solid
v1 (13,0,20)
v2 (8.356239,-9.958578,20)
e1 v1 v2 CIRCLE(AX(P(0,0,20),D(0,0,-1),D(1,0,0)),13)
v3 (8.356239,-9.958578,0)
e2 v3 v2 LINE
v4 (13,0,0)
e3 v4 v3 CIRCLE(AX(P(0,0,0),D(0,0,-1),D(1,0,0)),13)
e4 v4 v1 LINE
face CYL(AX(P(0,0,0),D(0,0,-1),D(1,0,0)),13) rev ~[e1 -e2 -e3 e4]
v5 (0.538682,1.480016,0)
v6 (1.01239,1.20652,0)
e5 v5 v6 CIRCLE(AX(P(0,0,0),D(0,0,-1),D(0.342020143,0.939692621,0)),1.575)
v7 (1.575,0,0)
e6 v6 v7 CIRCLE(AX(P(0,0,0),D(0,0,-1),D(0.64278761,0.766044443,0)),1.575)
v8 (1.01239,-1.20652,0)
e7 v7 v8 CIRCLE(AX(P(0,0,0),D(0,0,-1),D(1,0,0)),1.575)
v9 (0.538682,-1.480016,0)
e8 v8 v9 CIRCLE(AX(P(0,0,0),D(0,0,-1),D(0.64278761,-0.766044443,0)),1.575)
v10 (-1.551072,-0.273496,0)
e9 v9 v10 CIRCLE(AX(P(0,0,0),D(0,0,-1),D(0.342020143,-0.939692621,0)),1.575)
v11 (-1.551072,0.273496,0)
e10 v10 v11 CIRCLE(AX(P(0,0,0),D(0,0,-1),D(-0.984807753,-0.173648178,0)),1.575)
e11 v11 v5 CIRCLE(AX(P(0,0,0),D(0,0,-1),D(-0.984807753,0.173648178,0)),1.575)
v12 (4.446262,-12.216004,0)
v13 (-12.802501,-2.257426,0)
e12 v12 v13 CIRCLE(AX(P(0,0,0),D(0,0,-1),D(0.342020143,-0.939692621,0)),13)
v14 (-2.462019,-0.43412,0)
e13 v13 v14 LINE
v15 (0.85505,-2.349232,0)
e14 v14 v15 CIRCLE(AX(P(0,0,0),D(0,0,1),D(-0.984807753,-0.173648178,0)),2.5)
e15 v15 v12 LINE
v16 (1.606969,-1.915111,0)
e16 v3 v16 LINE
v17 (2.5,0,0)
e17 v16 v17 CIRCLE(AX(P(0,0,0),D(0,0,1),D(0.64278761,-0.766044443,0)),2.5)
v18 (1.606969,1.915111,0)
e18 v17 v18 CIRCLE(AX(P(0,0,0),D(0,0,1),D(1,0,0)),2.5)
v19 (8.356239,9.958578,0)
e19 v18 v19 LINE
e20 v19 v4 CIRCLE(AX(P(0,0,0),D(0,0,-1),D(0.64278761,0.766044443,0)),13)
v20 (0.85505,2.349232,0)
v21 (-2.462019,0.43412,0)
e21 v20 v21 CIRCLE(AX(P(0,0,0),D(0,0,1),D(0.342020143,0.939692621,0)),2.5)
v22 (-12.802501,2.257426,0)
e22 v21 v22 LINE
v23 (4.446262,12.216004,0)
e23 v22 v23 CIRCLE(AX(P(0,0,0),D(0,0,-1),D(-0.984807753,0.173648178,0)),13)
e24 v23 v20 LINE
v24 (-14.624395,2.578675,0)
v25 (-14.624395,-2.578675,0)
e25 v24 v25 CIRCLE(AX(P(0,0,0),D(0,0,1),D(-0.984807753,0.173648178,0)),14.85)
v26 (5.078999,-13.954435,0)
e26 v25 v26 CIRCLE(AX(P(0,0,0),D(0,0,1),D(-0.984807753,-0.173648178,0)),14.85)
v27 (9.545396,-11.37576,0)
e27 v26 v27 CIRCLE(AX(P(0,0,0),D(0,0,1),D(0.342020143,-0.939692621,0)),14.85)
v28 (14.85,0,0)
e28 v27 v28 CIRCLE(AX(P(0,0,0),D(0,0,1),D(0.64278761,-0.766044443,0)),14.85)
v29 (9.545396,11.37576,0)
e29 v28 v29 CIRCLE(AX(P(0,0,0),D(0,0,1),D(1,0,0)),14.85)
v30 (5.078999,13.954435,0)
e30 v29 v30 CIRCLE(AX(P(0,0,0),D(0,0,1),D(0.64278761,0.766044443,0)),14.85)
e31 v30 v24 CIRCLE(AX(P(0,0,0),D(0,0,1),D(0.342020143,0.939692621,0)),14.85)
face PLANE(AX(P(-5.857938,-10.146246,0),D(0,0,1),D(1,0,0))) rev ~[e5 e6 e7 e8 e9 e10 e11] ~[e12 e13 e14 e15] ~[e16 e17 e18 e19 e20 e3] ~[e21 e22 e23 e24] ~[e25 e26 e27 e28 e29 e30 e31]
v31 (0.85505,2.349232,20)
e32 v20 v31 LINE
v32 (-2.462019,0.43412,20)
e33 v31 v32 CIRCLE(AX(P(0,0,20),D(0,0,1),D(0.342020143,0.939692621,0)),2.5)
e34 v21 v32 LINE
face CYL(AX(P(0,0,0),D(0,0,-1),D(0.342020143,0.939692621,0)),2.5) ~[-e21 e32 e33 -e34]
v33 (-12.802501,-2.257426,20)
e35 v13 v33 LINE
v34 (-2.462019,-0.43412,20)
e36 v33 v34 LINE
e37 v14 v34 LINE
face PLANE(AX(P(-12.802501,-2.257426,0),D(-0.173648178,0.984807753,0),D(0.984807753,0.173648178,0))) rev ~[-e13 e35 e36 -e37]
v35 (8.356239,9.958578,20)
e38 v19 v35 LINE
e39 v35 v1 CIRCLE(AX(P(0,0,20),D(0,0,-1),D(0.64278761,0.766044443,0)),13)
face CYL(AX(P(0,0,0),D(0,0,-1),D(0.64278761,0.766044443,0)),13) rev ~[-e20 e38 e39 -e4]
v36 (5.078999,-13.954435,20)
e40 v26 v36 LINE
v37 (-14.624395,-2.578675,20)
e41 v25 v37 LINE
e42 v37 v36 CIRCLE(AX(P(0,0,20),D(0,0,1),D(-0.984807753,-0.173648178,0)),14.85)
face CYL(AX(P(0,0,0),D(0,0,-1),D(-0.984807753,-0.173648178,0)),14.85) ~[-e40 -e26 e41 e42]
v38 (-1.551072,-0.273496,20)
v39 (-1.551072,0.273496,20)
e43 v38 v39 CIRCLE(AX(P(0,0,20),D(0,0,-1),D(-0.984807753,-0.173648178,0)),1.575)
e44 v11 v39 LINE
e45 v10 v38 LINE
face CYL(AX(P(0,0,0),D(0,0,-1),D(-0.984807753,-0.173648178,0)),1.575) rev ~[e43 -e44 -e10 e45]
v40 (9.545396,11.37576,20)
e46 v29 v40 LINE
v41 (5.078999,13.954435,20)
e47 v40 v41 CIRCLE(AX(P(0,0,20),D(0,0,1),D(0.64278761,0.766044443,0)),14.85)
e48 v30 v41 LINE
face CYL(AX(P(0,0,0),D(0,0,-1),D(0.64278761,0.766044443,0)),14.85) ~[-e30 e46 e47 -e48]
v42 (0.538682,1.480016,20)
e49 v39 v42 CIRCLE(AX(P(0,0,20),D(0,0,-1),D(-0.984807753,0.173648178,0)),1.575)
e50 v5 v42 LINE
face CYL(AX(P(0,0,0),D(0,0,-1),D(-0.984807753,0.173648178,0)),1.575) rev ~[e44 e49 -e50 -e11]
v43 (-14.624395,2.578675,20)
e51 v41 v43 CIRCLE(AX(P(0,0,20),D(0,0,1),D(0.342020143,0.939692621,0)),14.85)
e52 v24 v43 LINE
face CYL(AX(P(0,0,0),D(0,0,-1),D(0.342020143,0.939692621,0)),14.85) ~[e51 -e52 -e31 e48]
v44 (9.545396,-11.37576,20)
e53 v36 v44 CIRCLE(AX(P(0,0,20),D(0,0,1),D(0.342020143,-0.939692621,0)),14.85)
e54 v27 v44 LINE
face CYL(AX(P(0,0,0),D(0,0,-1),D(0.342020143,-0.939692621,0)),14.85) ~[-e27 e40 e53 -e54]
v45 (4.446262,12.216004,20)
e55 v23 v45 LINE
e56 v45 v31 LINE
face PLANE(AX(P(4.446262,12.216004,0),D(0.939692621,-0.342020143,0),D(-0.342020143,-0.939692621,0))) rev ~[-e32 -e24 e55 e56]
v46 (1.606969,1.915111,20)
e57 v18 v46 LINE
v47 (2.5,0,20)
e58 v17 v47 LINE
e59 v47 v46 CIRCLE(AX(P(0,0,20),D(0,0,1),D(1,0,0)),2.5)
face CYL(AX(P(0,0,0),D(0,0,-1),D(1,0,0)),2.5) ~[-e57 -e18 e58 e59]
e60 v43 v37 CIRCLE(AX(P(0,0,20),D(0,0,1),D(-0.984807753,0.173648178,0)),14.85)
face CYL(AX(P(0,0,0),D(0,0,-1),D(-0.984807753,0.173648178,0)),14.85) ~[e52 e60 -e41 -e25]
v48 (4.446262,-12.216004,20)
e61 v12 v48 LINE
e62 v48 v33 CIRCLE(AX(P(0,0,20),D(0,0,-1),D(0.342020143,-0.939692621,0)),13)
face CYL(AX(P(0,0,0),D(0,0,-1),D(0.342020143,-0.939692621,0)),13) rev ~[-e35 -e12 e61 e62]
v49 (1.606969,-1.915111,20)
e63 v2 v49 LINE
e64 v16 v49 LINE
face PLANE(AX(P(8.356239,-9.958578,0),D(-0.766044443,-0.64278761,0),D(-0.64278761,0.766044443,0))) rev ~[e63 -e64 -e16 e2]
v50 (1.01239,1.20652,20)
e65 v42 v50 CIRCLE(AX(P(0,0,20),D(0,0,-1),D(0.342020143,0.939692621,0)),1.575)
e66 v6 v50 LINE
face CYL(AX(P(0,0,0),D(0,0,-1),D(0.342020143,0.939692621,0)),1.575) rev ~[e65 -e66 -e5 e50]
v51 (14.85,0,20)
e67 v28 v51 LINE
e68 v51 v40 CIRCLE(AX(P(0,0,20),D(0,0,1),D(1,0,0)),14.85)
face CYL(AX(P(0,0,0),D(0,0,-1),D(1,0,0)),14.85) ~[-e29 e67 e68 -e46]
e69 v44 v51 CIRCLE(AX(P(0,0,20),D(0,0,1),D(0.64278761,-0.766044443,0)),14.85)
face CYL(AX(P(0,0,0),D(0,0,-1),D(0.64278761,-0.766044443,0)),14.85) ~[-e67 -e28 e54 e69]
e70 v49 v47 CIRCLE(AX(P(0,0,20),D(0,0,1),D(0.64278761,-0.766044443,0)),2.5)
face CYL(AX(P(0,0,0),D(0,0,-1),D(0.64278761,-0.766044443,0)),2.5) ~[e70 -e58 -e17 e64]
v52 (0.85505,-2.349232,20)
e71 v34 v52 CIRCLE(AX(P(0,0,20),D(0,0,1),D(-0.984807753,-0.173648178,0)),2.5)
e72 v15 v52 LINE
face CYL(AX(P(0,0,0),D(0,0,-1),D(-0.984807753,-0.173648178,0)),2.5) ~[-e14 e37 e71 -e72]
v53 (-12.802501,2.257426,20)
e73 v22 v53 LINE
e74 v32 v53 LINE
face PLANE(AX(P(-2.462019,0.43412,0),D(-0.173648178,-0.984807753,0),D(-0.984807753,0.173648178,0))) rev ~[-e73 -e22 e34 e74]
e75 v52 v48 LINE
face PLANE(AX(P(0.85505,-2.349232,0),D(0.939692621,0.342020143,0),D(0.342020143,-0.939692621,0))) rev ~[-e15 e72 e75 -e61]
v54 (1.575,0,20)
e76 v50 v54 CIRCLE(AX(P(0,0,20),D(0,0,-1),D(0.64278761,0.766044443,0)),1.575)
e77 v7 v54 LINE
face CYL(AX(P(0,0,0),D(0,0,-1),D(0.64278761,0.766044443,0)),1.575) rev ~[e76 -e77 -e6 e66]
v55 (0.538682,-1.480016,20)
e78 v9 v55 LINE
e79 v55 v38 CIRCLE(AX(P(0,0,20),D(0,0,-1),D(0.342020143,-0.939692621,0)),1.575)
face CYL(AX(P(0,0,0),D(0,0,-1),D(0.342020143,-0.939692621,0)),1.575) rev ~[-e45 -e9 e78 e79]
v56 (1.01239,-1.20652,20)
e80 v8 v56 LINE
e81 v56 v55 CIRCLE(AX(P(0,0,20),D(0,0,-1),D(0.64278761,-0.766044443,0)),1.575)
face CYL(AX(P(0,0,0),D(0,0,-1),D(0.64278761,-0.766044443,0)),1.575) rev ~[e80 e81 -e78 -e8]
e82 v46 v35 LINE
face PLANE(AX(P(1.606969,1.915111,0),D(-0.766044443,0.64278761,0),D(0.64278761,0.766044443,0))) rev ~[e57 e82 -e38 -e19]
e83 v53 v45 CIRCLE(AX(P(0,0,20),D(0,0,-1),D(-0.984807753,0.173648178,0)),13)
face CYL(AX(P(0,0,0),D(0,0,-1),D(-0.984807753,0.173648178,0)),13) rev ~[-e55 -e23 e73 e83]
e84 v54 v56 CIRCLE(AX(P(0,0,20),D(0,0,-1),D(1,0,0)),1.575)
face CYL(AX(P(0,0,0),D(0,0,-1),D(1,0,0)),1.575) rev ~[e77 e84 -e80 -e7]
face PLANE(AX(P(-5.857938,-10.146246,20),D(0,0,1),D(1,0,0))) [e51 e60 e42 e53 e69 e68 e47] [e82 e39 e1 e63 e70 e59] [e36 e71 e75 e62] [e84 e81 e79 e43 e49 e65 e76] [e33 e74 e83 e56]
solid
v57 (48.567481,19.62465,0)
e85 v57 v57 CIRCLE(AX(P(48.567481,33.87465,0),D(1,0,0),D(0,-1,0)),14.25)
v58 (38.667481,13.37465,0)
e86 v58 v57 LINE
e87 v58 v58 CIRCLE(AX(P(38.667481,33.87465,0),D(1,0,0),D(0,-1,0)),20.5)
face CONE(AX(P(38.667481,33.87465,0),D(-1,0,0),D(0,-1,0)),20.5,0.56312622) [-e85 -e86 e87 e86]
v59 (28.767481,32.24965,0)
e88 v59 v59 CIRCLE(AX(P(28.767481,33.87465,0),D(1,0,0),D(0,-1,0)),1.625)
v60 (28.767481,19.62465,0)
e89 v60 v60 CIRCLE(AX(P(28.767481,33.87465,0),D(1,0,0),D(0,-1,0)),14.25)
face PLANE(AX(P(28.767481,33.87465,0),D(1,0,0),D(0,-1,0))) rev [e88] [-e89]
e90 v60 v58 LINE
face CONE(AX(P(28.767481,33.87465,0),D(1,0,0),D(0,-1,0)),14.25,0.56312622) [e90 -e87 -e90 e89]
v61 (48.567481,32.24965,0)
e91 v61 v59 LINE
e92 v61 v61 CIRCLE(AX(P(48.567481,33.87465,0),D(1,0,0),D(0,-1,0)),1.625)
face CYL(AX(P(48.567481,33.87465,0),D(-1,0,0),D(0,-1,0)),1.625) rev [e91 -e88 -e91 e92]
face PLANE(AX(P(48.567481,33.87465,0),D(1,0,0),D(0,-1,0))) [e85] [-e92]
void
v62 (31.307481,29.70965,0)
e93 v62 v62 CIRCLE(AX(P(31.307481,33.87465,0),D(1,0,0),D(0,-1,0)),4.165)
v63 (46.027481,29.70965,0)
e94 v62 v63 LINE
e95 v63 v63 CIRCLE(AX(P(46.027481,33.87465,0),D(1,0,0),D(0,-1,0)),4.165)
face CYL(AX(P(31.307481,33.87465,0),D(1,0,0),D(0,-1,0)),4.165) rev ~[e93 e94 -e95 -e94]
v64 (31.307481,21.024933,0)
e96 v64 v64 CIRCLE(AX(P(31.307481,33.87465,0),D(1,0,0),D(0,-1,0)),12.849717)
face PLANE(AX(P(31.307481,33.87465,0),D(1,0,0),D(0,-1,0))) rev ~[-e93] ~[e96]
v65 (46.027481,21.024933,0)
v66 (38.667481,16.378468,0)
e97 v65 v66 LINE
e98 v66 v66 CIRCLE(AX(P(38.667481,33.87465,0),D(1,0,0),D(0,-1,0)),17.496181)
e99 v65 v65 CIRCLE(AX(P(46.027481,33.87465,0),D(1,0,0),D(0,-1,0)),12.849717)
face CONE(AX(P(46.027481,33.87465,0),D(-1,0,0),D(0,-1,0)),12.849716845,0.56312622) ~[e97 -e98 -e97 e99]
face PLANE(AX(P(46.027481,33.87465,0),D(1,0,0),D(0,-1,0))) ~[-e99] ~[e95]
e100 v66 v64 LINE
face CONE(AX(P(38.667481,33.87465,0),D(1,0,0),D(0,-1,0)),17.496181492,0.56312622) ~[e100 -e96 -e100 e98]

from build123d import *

# Parameters (mm, degrees)
F1_DEPTH = 20


with BuildPart() as f1:
    # F0 (on Top) → F1 (new body)
    with BuildSketch(Plane.XY):
        with BuildLine():
            ThreePointArc((-14.6243951322, -2.5786754384), (-7.425, -12.8604772462), (5.0789991284, -13.9544354187))
            Line((5.0789991284, -13.9544354187), (4.4462618632, -12.2160040702))
            ThreePointArc((4.4462618632, -12.2160040702), (-6.5, -11.2583302492), (-12.8025007892, -2.2574263097))
            Line((-12.8025007892, -2.2574263097), (-14.6243951322, -2.5786754384))
        make_face()
        with BuildLine():
            Line((-12.8025007892, 2.2574263097), (-14.6243951322, 2.5786754384))
            ThreePointArc((-14.6243951322, 2.5786754384), (-14.85, 0), (-14.6243951322, -2.5786754384))
            Line((-14.6243951322, -2.5786754384), (-12.8025007892, -2.2574263097))
            ThreePointArc((-12.8025007892, -2.2574263097), (-13, 0), (-12.8025007892, 2.2574263097))
        make_face()
        with BuildLine():
            Line((-2.4620193825, 0.4341204442), (-12.8025007892, 2.2574263097))
            ThreePointArc((-12.8025007892, 2.2574263097), (-13, 0), (-12.8025007892, -2.2574263097))
            Line((-12.8025007892, -2.2574263097), (-2.4620193825, -0.4341204442))
            ThreePointArc((-2.4620193825, -0.4341204442), (-2.5, 0), (-2.4620193825, 0.4341204442))
        make_face()
        with BuildLine():
            Line((4.4462618632, 12.2160040702), (5.0789991284, 13.9544354187))
            ThreePointArc((5.0789991284, 13.9544354187), (-7.425, 12.8604772462), (-14.6243951322, 2.5786754384))
            Line((-14.6243951322, 2.5786754384), (-12.8025007892, 2.2574263097))
            ThreePointArc((-12.8025007892, 2.2574263097), (-6.5, 11.2583302492), (4.4462618632, 12.2160040702))
        make_face()
        with BuildLine():
            ThreePointArc((-2.4620193825, -0.4341204442), (-1.25, -2.1650635095), (0.8550503583, -2.349231552))
            Line((0.8550503583, -2.349231552), (0.5386817257, -1.4800158777))
            ThreePointArc((0.5386817257, -1.4800158777), (-0.7875, -1.363990011), (-1.551072211, -0.2734958798))
            Line((-1.551072211, -0.2734958798), (-2.4620193825, -0.4341204442))
        make_face()
        with BuildLine():
            ThreePointArc((2.5, 0), (2.2657694676, 1.0565456544), (1.6069690242, 1.9151111078))
            Line((1.6069690242, 1.9151111078), (1.0123904853, 1.2065199979))
            ThreePointArc((1.0123904853, 1.2065199979), (1.4274347646, 0.6656237622), (1.575, 0))
            ThreePointArc((1.575, 0), (1.4274347646, -0.6656237622), (1.0123904853, -1.2065199979))
            Line((1.0123904853, -1.2065199979), (1.6069690242, -1.9151111078))
            ThreePointArc((1.6069690242, -1.9151111078), (2.2657694676, -1.0565456544), (2.5, 0))
        make_face()
        with BuildLine():
            Line((0.5386817257, 1.4800158777), (0.8550503583, 2.349231552))
            ThreePointArc((0.8550503583, 2.349231552), (-1.25, 2.1650635095), (-2.4620193825, 0.4341204442))
            Line((-2.4620193825, 0.4341204442), (-1.551072211, 0.2734958798))
            ThreePointArc((-1.551072211, 0.2734958798), (-0.7875, 1.363990011), (0.5386817257, 1.4800158777))
        make_face()
        with BuildLine():
            Line((-1.551072211, 0.2734958798), (-2.4620193825, 0.4341204442))
            ThreePointArc((-2.4620193825, 0.4341204442), (-2.5, 0), (-2.4620193825, -0.4341204442))
            Line((-2.4620193825, -0.4341204442), (-1.551072211, -0.2734958798))
            ThreePointArc((-1.551072211, -0.2734958798), (-1.575, 0), (-1.551072211, 0.2734958798))
        make_face()
        with BuildLine():
            Line((1.0123904853, 1.2065199979), (1.6069690242, 1.9151111078))
            ThreePointArc((1.6069690242, 1.9151111078), (1.25, 2.1650635095), (0.8550503583, 2.349231552))
            Line((0.8550503583, 2.349231552), (0.5386817257, 1.4800158777))
            ThreePointArc((0.5386817257, 1.4800158777), (0.7875, 1.363990011), (1.0123904853, 1.2065199979))
        make_face()
        with BuildLine():
            ThreePointArc((0.8550503583, -2.349231552), (1.25, -2.1650635095), (1.6069690242, -1.9151111078))
            Line((1.6069690242, -1.9151111078), (1.0123904853, -1.2065199979))
            ThreePointArc((1.0123904853, -1.2065199979), (0.7875, -1.363990011), (0.5386817257, -1.4800158777))
            Line((0.5386817257, -1.4800158777), (0.8550503583, -2.349231552))
        make_face()
        with BuildLine():
            ThreePointArc((4.4462618632, -12.2160040702), (6.5, -11.2583302492), (8.3562389259, -9.9585777605))
            Line((8.3562389259, -9.9585777605), (1.6069690242, -1.9151111078))
            ThreePointArc((1.6069690242, -1.9151111078), (1.25, -2.1650635095), (0.8550503583, -2.349231552))
            Line((0.8550503583, -2.349231552), (4.4462618632, -12.2160040702))
        make_face()
        with BuildLine():
            Line((1.6069690242, 1.9151111078), (8.3562389259, 9.9585777605))
            ThreePointArc((8.3562389259, 9.9585777605), (6.5, 11.2583302492), (4.4462618632, 12.2160040702))
            Line((4.4462618632, 12.2160040702), (0.8550503583, 2.349231552))
            ThreePointArc((0.8550503583, 2.349231552), (1.25, 2.1650635095), (1.6069690242, 1.9151111078))
        make_face()
        with BuildLine():
            ThreePointArc((9.5453960038, -11.3757599803), (13.4586706375, -6.2758811868), (14.85, 0))
            ThreePointArc((14.85, 0), (13.4586706375, 6.2758811868), (9.5453960038, 11.3757599803))
            Line((9.5453960038, 11.3757599803), (8.3562389259, 9.9585777605))
            ThreePointArc((8.3562389259, 9.9585777605), (11.7820012315, 5.4940374026), (13, 0))
            ThreePointArc((13, 0), (11.7820012315, -5.4940374026), (8.3562389259, -9.9585777605))
            Line((8.3562389259, -9.9585777605), (9.5453960038, -11.3757599803))
        make_face()
        with BuildLine():
            ThreePointArc((5.0789991284, -13.9544354187), (7.425, -12.8604772462), (9.5453960038, -11.3757599803))
            Line((9.5453960038, -11.3757599803), (8.3562389259, -9.9585777605))
            ThreePointArc((8.3562389259, -9.9585777605), (6.5, -11.2583302492), (4.4462618632, -12.2160040702))
            Line((4.4462618632, -12.2160040702), (5.0789991284, -13.9544354187))
        make_face()
        with BuildLine():
            Line((8.3562389259, 9.9585777605), (9.5453960038, 11.3757599803))
            ThreePointArc((9.5453960038, 11.3757599803), (7.425, 12.8604772462), (5.0789991284, 13.9544354187))
            Line((5.0789991284, 13.9544354187), (4.4462618632, 12.2160040702))
            ThreePointArc((4.4462618632, 12.2160040702), (6.5, 11.2583302492), (8.3562389259, 9.9585777605))
        make_face()
    extrude(amount=F1_DEPTH)


with BuildPart() as f3:
    # F2 (on Top) → F3 (revolve)
    with BuildSketch(Plane.XY):
        Polygon((48.567481122, 19.6246495545), (48.567481122, 32.2496495545), (28.767481122, 32.2496495545), (28.767481122, 19.6246495545), (38.667481122, 13.3746495545), align=None)
        Polygon((31.307481122, 21.0249327091), (31.307481122, 29.7096495545), (46.027481122, 29.7096495545), (46.027481122, 21.0249327091), (38.667481122, 16.3784680627), align=None, mode=Mode.SUBTRACT)
    revolve(axis=Axis((43.2008575785, 33.8746495545, 0), (1, 0, 0)))


solid = Compound([f1.part, f3.part])
